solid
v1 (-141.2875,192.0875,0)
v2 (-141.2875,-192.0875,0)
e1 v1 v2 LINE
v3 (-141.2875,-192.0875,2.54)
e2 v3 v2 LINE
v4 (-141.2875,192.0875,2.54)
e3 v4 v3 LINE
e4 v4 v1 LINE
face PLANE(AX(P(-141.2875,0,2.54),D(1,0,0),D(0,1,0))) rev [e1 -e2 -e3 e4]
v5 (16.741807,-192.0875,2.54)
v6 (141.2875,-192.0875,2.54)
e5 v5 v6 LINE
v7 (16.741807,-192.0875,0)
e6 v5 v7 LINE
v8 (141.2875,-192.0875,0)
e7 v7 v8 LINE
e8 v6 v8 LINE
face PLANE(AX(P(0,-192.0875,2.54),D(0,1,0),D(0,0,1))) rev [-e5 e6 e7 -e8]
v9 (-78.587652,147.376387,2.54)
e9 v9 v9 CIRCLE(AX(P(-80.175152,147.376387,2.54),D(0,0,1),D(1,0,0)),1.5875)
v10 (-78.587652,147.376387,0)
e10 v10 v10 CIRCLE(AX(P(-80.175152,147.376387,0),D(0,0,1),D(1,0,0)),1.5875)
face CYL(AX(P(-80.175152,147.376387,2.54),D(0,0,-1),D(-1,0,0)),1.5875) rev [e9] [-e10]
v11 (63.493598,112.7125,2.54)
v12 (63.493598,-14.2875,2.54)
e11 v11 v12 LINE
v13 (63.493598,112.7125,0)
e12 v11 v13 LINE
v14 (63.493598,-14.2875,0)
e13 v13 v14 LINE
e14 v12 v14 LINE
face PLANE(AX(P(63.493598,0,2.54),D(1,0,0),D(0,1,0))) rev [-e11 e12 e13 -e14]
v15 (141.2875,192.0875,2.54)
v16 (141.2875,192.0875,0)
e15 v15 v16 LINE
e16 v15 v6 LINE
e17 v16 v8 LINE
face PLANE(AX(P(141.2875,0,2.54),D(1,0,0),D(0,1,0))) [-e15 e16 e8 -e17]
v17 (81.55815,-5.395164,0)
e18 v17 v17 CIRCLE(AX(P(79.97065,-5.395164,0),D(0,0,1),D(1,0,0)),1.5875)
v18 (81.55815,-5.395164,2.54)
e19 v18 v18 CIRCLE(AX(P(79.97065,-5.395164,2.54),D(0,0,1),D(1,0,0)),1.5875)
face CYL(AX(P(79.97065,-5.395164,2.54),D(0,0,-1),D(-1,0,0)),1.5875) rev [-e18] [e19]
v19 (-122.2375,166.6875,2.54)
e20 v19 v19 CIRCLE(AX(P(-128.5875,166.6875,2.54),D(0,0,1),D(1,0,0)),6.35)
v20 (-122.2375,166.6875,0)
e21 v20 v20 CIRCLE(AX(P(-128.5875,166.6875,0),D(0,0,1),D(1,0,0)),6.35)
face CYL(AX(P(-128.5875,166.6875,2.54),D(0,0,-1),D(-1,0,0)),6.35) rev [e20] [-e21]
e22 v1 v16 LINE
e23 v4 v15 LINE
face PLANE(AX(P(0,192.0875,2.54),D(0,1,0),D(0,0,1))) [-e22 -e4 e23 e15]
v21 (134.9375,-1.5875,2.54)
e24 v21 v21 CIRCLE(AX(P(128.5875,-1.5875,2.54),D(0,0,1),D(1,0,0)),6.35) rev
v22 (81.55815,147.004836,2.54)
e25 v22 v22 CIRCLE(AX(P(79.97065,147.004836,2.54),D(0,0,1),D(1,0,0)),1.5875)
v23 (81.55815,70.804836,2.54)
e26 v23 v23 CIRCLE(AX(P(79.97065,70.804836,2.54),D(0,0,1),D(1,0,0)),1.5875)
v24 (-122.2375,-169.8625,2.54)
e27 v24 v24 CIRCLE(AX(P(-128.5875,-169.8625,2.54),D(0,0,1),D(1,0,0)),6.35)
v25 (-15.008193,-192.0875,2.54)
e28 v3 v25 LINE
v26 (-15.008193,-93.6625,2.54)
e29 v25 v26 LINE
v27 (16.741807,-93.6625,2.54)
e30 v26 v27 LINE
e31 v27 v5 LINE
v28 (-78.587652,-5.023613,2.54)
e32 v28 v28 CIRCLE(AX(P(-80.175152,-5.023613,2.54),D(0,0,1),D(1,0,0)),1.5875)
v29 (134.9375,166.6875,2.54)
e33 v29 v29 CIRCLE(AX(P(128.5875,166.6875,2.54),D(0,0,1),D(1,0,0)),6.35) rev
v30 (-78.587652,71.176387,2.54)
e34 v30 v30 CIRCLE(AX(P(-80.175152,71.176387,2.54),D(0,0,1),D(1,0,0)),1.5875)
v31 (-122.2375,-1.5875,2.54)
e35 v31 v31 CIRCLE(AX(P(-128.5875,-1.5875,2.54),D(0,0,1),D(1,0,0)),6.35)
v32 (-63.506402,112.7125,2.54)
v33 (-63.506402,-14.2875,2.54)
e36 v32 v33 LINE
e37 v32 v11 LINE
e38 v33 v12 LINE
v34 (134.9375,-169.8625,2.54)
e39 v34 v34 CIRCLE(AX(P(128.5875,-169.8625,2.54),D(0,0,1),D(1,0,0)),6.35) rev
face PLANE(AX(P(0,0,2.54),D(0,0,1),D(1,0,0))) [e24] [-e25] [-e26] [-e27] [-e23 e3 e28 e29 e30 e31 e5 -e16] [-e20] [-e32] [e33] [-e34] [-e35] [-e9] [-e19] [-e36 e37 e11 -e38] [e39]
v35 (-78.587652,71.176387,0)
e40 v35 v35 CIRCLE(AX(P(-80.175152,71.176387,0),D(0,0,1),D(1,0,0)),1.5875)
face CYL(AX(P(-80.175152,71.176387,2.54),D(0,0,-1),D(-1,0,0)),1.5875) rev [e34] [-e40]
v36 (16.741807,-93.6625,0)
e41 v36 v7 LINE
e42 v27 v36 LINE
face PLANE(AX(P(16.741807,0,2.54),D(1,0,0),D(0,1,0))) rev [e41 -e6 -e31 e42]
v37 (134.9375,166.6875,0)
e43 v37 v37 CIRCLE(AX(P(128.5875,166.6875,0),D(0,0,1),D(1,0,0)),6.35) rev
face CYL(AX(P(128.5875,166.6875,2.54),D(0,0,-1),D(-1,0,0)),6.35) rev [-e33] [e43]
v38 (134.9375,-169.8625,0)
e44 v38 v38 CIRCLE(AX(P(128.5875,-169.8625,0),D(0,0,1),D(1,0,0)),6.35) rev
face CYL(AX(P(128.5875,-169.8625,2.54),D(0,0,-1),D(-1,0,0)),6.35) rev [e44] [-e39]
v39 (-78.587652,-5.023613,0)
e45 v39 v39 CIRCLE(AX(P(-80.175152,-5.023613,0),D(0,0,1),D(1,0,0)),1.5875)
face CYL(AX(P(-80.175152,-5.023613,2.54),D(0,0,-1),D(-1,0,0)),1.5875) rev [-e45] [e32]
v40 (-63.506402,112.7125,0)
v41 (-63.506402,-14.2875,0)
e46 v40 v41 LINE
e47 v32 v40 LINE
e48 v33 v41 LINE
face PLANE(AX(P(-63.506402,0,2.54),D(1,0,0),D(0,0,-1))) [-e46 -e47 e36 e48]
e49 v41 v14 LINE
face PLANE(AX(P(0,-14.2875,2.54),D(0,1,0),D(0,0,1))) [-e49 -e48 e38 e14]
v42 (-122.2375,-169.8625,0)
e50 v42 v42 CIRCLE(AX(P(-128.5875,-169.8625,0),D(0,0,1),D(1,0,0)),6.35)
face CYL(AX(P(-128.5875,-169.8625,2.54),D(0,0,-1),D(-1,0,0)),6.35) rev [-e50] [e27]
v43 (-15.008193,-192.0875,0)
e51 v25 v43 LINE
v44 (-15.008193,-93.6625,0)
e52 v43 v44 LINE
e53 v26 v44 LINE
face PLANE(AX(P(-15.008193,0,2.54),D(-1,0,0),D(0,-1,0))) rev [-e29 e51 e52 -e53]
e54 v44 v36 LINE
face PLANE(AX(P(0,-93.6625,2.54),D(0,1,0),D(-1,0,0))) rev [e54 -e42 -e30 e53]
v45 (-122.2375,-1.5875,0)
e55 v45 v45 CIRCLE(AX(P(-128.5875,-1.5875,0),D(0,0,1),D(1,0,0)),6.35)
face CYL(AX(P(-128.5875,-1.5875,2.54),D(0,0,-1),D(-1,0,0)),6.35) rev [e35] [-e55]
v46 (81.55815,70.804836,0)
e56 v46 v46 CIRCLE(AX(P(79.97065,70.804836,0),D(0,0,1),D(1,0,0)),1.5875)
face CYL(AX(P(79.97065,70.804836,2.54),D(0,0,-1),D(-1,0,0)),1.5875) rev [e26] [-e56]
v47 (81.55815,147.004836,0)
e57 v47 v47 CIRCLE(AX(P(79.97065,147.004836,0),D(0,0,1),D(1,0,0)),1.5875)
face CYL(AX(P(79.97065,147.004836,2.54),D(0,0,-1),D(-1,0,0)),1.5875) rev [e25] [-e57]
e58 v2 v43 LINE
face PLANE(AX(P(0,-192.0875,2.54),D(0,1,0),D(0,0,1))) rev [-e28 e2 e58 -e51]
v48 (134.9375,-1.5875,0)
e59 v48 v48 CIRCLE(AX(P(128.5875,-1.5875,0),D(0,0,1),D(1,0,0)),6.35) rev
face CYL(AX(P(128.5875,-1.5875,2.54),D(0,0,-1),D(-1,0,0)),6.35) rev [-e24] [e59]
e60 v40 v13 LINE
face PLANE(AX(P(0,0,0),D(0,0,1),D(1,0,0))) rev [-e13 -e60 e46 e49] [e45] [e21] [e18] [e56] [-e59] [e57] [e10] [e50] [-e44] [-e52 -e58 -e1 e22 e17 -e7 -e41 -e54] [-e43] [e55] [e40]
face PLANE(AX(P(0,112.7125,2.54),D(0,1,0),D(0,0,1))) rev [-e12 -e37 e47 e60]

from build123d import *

# Parameters (mm, degrees)
SKETCH1_R           = 6.35
SKETCH1_R_2         = 1.5875
SKETCH1_W           = 127
SKETCH1_H           = 127
BOSS_EXTRUDE1_DEPTH = 2.54


with BuildPart() as part:
    # Sketch1 → Boss-Extrude1 (new body)
    with BuildSketch(Plane.XY):
        Polygon((141.2875, 192.0875), (-141.2875, 192.0875), (-141.2875, -192.0875), (-15.008193375, -192.0875), (-15.008193375, -93.6625), (16.741806625, -93.6625), (16.741806625, -192.0875), (141.2875, -192.0875), align=None)
        with Locations((-128.5875, -169.8625)):
            Circle(SKETCH1_R, mode=Mode.SUBTRACT)
        with Locations((-128.5875, -1.5875)):
            Circle(SKETCH1_R, mode=Mode.SUBTRACT)
        with Locations((-80.175152311, -5.023613243)):
            Circle(SKETCH1_R_2, mode=Mode.SUBTRACT)
        with Locations((128.5875, -169.8625)):
            Circle(SKETCH1_R, mode=Mode.SUBTRACT)
        with Locations((79.970650499, -5.395164494)):
            Circle(SKETCH1_R_2, mode=Mode.SUBTRACT)
        with Locations((128.5875, -1.5875)):
            Circle(SKETCH1_R, mode=Mode.SUBTRACT)
        with Locations((-80.175152311, 71.176386757)):
            Circle(SKETCH1_R_2, mode=Mode.SUBTRACT)
        with Locations((-0.006402311, 49.2125)):
            Rectangle(SKETCH1_W, SKETCH1_H, mode=Mode.SUBTRACT)
        with Locations((-128.5875, 166.6875)):
            Circle(SKETCH1_R, mode=Mode.SUBTRACT)
        with Locations((-80.175152311, 147.376386757)):
            Circle(SKETCH1_R_2, mode=Mode.SUBTRACT)
        with Locations((79.970650499, 70.804835506)):
            Circle(SKETCH1_R_2, mode=Mode.SUBTRACT)
        with Locations((79.970650499, 147.004835506)):
            Circle(SKETCH1_R_2, mode=Mode.SUBTRACT)
        with Locations((128.5875, 166.6875)):
            Circle(SKETCH1_R, mode=Mode.SUBTRACT)
    extrude(amount=BOSS_EXTRUDE1_DEPTH)


solid = part.part
